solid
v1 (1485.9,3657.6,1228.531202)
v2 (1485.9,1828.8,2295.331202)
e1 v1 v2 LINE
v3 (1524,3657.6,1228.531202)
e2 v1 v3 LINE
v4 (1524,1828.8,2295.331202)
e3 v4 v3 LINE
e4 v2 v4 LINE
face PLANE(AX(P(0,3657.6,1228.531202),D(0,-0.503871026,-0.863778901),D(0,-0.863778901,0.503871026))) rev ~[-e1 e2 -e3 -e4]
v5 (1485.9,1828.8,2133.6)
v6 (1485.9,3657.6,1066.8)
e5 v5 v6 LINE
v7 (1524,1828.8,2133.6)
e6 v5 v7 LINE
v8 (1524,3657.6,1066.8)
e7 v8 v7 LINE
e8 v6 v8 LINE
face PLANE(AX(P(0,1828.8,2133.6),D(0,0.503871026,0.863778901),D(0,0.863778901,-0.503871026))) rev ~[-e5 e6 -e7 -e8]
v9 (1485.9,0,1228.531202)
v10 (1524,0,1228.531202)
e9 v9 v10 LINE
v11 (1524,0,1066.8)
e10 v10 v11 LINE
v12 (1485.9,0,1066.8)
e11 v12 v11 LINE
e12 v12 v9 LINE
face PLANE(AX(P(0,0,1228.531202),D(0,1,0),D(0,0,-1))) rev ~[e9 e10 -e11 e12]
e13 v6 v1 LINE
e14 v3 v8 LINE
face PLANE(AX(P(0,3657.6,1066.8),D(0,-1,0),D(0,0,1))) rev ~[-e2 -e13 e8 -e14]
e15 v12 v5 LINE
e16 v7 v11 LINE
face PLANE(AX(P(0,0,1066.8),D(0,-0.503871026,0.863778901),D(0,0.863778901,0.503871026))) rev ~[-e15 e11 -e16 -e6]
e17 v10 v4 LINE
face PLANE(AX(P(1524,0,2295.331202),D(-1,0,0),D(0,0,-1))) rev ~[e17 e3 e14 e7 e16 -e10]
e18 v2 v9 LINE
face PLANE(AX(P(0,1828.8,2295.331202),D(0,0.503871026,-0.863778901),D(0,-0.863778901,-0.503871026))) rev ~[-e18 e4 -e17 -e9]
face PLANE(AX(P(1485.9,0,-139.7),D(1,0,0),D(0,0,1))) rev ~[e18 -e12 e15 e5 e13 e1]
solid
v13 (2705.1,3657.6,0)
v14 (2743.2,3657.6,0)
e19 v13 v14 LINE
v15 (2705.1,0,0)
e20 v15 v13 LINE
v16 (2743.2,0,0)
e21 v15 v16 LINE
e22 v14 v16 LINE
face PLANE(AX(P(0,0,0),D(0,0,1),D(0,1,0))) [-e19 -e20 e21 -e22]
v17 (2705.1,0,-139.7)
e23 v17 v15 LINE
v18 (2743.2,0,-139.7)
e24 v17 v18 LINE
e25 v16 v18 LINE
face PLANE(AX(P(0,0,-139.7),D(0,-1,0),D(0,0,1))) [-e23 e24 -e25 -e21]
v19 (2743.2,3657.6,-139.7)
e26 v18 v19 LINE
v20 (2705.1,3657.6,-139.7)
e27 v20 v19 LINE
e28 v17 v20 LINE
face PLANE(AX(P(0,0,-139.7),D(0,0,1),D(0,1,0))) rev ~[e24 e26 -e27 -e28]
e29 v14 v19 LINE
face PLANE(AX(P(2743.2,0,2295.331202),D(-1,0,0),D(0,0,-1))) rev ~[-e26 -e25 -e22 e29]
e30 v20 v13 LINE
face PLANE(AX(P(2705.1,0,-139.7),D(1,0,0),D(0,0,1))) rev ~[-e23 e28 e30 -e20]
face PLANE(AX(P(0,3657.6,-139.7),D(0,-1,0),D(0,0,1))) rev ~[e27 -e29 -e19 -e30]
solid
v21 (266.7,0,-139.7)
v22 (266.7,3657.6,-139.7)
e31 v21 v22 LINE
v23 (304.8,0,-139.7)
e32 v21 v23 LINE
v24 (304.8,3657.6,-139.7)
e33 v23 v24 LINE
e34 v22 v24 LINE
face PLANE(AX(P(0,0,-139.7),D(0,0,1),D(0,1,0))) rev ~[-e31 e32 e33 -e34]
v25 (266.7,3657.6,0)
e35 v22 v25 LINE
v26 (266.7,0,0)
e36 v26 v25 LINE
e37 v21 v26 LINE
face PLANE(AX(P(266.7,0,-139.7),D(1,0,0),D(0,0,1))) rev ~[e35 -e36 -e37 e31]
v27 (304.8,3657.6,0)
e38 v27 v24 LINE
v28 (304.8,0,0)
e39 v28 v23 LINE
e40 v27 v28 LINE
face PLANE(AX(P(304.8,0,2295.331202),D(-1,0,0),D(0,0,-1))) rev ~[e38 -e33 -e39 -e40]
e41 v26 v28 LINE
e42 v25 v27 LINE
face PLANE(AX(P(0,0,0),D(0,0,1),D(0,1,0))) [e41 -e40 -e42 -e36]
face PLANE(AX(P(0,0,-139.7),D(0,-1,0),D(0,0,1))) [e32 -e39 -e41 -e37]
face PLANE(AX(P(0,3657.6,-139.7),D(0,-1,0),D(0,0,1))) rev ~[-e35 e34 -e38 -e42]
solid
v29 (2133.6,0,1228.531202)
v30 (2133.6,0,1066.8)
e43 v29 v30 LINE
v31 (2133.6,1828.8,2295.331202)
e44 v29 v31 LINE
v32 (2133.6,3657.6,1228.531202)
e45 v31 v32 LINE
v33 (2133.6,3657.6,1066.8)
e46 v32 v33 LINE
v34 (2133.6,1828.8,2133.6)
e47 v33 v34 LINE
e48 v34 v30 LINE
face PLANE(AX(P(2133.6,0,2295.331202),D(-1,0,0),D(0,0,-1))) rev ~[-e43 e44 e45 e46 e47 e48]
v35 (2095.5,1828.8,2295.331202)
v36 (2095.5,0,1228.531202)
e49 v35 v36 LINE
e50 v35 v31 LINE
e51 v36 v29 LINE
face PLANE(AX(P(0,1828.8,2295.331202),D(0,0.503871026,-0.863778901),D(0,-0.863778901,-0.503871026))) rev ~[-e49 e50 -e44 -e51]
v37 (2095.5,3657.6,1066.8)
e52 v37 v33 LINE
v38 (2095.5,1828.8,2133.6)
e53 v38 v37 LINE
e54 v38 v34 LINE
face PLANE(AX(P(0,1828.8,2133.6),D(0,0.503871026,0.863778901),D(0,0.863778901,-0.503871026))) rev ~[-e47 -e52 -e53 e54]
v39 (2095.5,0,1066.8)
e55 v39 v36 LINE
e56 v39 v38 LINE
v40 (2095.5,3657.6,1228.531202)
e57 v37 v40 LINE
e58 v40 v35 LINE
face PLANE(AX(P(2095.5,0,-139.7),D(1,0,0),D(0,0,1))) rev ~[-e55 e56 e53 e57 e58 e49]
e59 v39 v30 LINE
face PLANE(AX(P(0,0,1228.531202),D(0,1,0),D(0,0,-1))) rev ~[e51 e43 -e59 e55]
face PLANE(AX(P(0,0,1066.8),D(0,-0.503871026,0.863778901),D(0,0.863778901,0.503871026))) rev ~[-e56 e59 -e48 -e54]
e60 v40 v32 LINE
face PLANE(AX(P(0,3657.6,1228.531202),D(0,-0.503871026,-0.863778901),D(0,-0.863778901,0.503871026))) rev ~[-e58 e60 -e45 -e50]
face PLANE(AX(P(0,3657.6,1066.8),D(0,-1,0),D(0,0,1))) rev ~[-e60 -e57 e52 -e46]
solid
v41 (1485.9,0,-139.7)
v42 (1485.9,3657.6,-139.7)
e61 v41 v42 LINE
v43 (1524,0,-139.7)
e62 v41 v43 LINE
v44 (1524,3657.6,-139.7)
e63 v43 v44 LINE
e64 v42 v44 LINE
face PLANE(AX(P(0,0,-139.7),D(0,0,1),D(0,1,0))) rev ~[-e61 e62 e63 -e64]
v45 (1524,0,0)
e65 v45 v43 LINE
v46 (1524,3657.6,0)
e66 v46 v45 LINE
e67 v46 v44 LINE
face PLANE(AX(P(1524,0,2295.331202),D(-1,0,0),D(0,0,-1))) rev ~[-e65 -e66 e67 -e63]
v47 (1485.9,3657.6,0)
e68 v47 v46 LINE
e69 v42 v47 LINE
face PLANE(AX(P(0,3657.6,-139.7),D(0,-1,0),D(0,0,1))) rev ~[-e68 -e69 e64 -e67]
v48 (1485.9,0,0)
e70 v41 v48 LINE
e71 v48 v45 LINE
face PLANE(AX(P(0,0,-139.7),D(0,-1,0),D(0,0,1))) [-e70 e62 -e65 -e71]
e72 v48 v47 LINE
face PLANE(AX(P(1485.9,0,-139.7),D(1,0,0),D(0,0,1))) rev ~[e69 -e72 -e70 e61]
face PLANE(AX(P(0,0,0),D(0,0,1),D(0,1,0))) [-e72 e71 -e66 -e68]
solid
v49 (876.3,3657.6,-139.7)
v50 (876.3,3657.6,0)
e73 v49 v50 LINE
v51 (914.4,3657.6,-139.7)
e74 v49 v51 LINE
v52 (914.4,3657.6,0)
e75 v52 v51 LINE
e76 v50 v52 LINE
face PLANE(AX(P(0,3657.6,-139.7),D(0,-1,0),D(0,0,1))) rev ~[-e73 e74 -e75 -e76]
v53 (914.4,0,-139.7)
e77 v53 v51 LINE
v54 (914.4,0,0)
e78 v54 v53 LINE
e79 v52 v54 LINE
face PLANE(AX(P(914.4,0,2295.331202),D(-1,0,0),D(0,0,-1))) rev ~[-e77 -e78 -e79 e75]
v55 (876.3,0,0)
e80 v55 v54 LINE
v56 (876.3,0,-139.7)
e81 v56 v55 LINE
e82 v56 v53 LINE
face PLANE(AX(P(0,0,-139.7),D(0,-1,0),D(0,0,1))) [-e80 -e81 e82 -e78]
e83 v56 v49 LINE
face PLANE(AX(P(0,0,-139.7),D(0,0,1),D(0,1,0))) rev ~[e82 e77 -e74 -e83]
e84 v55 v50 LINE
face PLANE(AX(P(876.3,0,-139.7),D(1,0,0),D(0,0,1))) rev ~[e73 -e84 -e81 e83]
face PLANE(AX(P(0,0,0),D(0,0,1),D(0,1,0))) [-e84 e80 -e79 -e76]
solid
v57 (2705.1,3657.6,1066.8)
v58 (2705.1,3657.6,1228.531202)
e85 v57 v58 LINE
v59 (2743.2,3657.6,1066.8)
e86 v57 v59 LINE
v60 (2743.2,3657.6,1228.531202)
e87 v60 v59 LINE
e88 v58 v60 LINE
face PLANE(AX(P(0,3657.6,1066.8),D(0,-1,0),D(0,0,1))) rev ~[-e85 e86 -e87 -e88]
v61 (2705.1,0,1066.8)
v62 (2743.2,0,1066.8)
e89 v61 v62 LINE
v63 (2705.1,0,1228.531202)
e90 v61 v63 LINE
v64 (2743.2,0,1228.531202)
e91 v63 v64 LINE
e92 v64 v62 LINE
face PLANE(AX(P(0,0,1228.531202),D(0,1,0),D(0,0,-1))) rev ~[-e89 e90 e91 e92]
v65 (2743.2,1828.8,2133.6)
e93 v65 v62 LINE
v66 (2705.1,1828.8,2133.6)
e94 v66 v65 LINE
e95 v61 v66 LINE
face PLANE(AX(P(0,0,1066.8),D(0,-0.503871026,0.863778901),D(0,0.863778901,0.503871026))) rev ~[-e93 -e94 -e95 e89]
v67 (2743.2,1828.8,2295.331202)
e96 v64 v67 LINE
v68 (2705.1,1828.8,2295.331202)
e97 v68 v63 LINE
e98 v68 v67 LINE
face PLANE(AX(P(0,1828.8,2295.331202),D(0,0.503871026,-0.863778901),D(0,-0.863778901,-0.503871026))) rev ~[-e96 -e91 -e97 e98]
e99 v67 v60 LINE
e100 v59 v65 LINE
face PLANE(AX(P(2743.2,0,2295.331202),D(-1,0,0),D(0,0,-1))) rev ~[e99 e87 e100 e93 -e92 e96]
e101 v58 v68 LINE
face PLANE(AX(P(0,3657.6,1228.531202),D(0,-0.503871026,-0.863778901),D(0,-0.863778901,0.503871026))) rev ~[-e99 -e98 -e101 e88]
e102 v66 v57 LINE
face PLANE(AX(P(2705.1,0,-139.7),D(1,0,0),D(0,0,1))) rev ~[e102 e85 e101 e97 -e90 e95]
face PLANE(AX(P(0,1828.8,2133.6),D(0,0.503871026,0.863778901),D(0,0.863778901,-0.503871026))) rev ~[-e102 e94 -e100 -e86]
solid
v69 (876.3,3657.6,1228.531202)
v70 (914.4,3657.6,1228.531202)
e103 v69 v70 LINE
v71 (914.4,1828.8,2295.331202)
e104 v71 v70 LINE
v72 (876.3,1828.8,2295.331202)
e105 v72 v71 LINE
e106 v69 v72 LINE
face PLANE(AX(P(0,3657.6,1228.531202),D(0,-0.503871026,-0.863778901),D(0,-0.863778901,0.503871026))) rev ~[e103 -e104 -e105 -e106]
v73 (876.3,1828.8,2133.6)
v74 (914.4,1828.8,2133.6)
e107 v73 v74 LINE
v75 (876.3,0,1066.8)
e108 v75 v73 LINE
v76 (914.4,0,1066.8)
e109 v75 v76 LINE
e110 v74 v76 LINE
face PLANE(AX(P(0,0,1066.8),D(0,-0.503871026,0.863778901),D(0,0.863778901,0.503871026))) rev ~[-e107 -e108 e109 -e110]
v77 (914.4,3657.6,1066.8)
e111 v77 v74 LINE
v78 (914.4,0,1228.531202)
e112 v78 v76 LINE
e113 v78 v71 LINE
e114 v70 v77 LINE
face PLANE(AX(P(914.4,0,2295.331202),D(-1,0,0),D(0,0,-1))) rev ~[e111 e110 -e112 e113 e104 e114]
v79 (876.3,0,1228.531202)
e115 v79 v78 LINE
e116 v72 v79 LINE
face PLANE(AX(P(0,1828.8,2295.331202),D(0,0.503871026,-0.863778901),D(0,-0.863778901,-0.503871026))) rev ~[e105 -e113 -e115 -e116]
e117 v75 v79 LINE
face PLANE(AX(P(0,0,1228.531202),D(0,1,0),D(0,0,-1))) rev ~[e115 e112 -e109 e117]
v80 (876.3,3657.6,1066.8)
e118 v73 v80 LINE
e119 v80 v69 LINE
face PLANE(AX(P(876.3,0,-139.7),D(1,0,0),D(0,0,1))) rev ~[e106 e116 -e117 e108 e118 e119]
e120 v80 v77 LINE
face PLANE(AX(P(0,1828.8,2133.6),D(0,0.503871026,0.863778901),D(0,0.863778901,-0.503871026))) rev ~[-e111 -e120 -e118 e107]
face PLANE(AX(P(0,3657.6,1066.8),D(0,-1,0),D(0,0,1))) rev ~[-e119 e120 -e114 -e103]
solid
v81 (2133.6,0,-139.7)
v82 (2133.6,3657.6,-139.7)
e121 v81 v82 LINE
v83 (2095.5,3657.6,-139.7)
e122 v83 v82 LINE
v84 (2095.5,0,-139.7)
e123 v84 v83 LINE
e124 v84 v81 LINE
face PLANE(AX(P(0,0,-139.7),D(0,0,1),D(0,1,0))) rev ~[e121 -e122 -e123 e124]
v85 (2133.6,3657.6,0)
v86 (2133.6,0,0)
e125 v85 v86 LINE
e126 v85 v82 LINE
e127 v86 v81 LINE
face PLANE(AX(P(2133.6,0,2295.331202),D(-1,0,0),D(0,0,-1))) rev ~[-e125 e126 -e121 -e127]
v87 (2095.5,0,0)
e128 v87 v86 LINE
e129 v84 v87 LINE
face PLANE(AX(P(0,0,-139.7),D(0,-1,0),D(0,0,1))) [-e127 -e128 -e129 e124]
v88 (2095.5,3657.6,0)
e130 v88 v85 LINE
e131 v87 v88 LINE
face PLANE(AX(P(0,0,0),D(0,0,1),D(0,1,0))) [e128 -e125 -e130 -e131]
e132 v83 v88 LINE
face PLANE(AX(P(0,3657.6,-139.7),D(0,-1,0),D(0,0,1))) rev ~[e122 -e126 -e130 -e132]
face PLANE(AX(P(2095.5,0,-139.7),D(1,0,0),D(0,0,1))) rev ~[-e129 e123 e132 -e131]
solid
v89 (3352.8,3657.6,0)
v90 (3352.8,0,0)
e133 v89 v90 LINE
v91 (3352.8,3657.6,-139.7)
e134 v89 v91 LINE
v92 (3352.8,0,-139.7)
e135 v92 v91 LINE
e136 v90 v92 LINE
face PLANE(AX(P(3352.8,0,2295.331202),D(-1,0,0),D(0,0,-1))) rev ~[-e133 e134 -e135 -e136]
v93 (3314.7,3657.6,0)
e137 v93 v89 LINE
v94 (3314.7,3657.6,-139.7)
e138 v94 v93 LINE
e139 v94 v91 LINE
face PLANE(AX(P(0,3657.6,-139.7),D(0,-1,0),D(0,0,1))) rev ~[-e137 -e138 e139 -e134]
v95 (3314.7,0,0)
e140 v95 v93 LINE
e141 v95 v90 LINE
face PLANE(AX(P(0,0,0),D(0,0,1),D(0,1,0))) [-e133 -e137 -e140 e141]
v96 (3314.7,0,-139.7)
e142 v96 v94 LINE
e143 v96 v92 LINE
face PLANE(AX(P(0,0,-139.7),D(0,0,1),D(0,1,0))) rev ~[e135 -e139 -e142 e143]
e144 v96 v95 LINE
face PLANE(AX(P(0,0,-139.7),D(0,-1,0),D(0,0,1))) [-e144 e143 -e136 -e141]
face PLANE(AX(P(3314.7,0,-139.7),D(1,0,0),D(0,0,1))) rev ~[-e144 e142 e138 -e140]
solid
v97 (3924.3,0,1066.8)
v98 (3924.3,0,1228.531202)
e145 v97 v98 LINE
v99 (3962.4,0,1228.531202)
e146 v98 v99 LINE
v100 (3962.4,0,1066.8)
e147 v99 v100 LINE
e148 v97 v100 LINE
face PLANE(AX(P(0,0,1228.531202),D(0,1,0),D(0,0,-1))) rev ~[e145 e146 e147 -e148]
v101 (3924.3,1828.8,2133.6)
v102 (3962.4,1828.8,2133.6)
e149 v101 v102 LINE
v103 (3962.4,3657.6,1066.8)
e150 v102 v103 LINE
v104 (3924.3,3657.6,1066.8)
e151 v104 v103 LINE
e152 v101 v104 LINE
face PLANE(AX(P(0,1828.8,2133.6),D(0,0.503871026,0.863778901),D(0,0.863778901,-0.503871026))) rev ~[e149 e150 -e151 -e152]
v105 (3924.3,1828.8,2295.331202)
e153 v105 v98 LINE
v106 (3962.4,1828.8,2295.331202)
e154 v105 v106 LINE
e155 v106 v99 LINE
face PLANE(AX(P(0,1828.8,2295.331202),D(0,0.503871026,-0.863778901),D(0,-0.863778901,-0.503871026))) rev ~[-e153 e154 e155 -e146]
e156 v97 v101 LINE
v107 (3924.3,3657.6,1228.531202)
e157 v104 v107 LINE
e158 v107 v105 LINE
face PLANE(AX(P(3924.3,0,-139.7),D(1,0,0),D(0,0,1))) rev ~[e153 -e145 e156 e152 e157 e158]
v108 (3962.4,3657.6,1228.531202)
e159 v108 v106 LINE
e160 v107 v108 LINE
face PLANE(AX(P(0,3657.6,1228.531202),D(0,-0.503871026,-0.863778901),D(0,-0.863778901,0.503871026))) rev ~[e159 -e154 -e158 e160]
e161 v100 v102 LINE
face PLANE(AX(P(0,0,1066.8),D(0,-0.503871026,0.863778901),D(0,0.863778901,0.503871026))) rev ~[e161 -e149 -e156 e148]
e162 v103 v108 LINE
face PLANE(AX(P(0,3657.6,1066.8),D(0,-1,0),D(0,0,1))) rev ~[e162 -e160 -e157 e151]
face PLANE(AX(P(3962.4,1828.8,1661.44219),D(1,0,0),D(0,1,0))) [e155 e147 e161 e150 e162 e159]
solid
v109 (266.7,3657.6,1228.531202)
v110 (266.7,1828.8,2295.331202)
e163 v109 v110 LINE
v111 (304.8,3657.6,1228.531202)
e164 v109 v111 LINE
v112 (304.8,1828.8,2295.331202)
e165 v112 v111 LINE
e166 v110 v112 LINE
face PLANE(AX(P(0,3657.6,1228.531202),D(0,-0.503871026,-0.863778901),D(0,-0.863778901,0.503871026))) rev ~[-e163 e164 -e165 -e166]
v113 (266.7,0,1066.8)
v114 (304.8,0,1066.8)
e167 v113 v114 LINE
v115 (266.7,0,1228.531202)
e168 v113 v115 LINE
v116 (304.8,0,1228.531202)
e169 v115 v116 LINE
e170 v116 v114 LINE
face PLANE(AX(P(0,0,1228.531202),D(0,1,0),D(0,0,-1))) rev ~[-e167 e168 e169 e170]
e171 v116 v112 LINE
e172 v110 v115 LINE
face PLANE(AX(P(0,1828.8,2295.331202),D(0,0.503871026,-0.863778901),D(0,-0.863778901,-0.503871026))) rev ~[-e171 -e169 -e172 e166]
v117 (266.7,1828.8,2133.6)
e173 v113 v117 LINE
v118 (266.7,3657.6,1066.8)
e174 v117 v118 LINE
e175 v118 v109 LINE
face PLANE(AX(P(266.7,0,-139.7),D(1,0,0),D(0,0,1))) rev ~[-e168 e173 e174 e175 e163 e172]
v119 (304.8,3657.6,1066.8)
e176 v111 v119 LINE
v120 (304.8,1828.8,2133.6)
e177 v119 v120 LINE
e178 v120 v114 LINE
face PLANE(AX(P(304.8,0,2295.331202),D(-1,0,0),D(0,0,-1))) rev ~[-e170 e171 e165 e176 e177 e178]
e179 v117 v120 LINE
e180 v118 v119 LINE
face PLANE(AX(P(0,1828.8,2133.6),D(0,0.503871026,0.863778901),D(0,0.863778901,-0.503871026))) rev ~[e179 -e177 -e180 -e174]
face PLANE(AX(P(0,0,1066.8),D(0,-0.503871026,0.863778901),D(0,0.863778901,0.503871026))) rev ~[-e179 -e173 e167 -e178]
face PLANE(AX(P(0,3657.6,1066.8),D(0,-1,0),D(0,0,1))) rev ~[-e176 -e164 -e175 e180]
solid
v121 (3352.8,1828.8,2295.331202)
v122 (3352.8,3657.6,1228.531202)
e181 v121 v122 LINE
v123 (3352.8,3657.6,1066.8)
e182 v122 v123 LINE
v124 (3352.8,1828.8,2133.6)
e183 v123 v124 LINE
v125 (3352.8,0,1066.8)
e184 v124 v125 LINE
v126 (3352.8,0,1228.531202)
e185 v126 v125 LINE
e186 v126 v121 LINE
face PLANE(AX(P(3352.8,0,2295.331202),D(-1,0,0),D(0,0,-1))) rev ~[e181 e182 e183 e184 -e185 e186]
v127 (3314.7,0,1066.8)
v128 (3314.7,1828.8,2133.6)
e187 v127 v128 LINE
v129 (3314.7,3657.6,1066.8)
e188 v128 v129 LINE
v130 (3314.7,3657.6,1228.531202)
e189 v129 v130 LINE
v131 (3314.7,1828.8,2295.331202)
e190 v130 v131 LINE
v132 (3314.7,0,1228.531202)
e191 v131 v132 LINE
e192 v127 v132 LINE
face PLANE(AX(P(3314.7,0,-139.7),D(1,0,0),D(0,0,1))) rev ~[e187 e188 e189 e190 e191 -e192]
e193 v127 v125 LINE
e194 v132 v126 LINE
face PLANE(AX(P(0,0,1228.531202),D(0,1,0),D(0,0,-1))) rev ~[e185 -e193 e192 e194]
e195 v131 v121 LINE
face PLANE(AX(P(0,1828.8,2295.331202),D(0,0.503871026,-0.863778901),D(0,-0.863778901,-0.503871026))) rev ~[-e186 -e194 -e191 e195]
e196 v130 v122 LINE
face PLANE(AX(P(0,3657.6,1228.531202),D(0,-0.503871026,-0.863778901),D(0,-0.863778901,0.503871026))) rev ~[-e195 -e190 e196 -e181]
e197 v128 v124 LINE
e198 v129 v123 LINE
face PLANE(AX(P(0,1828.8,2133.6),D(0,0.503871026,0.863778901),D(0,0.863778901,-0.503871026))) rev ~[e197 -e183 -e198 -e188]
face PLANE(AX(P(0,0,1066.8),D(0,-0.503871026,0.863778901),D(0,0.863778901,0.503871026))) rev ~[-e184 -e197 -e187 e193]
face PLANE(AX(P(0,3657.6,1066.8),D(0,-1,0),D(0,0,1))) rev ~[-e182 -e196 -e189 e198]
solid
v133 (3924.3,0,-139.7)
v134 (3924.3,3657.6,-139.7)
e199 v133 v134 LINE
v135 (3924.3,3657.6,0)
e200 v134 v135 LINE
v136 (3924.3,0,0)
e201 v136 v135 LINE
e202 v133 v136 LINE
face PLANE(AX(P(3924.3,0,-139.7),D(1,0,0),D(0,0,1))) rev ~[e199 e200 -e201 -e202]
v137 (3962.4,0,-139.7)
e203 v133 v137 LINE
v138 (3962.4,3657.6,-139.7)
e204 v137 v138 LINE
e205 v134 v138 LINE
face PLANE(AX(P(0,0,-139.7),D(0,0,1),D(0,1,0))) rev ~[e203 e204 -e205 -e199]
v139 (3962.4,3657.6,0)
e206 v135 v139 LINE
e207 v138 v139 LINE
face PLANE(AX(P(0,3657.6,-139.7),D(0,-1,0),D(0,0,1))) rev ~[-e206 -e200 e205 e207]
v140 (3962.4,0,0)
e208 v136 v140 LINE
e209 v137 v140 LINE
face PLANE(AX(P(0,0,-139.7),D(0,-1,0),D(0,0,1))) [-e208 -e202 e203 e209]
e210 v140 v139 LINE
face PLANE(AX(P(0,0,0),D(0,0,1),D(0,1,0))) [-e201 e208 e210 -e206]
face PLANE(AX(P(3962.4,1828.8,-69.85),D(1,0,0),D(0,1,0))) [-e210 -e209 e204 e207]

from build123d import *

# Parameters (mm, degrees)
F0_W     = 3657.6
F0_H     = 139.7
F1_DEPTH = 3962.4
F2_W     = 266.7
F2_H     = 1206.5
F2_W_2   = 571.5
F2_H_2   = 161.7312021105
F2_H_3   = 1066.8
F3_DEPTH = 3657.601


with BuildPart() as f1:
    # F0 (on Right) → F1 (new body)
    with BuildSketch(Plane.YZ):
        with Locations((1828.8, -69.85)):
            Rectangle(F0_W, F0_H)
    extrude(amount=F1_DEPTH)


with BuildPart() as f1b:
    # F0 (on Right) → F1, piece 2 (new body)
    with BuildSketch(Plane.YZ):
        Polygon((0, 1228.5312021105), (0, 1066.8), (1828.8, 2133.6), (3657.6, 1066.8), (3657.6, 1228.5312021105), (1828.8, 2295.3312021105), align=None)
    extrude(amount=F1_DEPTH)


with BuildPart() as f3_tool:
    # F2 (on face) → F3 (new body, through all)
    with BuildSketch(Plane.XZ):
        with Locations((133.35, 463.55)):
            Rectangle(F2_W, F2_H)
        with Locations((1200.15, 463.55)):
            Rectangle(F2_W_2, F2_H)
        with Locations((1809.75, 463.55)):
            Rectangle(F2_W_2, F2_H)
        with Locations((2419.35, 463.55)):
            Rectangle(F2_W_2, F2_H)
        with Locations((3028.95, 463.55)):
            Rectangle(F2_W_2, F2_H)
        with Locations((3638.55, 463.55)):
            Rectangle(F2_W_2, F2_H)
        with Locations((3638.55, 1147.6656010553)):
            Rectangle(F2_W_2, F2_H_2)
        with Locations((3028.95, 1147.6656010553)):
            Rectangle(F2_W_2, F2_H_2)
        with Locations((2419.35, 1147.6656010553)):
            Rectangle(F2_W_2, F2_H_2)
        with Locations((1809.75, 1147.6656010553)):
            Rectangle(F2_W_2, F2_H_2)
        with Locations((133.35, 1147.6656010553)):
            Rectangle(F2_W, F2_H_2)
        with Locations((590.55, 1147.6656010553)):
            Rectangle(F2_W_2, F2_H_2)
        with Locations((1200.15, 1147.6656010553)):
            Rectangle(F2_W_2, F2_H_2)
        with Locations((133.35, 1761.9312021105)):
            Rectangle(F2_W, F2_H_3)
        with Locations((590.55, 1761.9312021105)):
            Rectangle(F2_W_2, F2_H_3)
        with Locations((1200.15, 1761.9312021105)):
            Rectangle(F2_W_2, F2_H_3)
        with Locations((1809.75, 1761.9312021105)):
            Rectangle(F2_W_2, F2_H_3)
        with Locations((2419.35, 1761.9312021105)):
            Rectangle(F2_W_2, F2_H_3)
        with Locations((3028.95, 1761.9312021105)):
            Rectangle(F2_W_2, F2_H_3)
        with Locations((3638.55, 1761.9312021105)):
            Rectangle(F2_W_2, F2_H_3)
        with Locations((590.55, 463.55)):
            Rectangle(F2_W_2, F2_H)
    extrude(amount=-F3_DEPTH)


with BuildPart() as f1_1:
    add(f1.part)

    # F3: cut by f3_tool
    add(f3_tool.part, mode=Mode.SUBTRACT)


with BuildPart() as f1b_1:
    add(f1b.part)

    # F3: cut by f3_tool
    add(f3_tool.part, mode=Mode.SUBTRACT)


solid = Compound([f1_1.part, f1b_1.part])
